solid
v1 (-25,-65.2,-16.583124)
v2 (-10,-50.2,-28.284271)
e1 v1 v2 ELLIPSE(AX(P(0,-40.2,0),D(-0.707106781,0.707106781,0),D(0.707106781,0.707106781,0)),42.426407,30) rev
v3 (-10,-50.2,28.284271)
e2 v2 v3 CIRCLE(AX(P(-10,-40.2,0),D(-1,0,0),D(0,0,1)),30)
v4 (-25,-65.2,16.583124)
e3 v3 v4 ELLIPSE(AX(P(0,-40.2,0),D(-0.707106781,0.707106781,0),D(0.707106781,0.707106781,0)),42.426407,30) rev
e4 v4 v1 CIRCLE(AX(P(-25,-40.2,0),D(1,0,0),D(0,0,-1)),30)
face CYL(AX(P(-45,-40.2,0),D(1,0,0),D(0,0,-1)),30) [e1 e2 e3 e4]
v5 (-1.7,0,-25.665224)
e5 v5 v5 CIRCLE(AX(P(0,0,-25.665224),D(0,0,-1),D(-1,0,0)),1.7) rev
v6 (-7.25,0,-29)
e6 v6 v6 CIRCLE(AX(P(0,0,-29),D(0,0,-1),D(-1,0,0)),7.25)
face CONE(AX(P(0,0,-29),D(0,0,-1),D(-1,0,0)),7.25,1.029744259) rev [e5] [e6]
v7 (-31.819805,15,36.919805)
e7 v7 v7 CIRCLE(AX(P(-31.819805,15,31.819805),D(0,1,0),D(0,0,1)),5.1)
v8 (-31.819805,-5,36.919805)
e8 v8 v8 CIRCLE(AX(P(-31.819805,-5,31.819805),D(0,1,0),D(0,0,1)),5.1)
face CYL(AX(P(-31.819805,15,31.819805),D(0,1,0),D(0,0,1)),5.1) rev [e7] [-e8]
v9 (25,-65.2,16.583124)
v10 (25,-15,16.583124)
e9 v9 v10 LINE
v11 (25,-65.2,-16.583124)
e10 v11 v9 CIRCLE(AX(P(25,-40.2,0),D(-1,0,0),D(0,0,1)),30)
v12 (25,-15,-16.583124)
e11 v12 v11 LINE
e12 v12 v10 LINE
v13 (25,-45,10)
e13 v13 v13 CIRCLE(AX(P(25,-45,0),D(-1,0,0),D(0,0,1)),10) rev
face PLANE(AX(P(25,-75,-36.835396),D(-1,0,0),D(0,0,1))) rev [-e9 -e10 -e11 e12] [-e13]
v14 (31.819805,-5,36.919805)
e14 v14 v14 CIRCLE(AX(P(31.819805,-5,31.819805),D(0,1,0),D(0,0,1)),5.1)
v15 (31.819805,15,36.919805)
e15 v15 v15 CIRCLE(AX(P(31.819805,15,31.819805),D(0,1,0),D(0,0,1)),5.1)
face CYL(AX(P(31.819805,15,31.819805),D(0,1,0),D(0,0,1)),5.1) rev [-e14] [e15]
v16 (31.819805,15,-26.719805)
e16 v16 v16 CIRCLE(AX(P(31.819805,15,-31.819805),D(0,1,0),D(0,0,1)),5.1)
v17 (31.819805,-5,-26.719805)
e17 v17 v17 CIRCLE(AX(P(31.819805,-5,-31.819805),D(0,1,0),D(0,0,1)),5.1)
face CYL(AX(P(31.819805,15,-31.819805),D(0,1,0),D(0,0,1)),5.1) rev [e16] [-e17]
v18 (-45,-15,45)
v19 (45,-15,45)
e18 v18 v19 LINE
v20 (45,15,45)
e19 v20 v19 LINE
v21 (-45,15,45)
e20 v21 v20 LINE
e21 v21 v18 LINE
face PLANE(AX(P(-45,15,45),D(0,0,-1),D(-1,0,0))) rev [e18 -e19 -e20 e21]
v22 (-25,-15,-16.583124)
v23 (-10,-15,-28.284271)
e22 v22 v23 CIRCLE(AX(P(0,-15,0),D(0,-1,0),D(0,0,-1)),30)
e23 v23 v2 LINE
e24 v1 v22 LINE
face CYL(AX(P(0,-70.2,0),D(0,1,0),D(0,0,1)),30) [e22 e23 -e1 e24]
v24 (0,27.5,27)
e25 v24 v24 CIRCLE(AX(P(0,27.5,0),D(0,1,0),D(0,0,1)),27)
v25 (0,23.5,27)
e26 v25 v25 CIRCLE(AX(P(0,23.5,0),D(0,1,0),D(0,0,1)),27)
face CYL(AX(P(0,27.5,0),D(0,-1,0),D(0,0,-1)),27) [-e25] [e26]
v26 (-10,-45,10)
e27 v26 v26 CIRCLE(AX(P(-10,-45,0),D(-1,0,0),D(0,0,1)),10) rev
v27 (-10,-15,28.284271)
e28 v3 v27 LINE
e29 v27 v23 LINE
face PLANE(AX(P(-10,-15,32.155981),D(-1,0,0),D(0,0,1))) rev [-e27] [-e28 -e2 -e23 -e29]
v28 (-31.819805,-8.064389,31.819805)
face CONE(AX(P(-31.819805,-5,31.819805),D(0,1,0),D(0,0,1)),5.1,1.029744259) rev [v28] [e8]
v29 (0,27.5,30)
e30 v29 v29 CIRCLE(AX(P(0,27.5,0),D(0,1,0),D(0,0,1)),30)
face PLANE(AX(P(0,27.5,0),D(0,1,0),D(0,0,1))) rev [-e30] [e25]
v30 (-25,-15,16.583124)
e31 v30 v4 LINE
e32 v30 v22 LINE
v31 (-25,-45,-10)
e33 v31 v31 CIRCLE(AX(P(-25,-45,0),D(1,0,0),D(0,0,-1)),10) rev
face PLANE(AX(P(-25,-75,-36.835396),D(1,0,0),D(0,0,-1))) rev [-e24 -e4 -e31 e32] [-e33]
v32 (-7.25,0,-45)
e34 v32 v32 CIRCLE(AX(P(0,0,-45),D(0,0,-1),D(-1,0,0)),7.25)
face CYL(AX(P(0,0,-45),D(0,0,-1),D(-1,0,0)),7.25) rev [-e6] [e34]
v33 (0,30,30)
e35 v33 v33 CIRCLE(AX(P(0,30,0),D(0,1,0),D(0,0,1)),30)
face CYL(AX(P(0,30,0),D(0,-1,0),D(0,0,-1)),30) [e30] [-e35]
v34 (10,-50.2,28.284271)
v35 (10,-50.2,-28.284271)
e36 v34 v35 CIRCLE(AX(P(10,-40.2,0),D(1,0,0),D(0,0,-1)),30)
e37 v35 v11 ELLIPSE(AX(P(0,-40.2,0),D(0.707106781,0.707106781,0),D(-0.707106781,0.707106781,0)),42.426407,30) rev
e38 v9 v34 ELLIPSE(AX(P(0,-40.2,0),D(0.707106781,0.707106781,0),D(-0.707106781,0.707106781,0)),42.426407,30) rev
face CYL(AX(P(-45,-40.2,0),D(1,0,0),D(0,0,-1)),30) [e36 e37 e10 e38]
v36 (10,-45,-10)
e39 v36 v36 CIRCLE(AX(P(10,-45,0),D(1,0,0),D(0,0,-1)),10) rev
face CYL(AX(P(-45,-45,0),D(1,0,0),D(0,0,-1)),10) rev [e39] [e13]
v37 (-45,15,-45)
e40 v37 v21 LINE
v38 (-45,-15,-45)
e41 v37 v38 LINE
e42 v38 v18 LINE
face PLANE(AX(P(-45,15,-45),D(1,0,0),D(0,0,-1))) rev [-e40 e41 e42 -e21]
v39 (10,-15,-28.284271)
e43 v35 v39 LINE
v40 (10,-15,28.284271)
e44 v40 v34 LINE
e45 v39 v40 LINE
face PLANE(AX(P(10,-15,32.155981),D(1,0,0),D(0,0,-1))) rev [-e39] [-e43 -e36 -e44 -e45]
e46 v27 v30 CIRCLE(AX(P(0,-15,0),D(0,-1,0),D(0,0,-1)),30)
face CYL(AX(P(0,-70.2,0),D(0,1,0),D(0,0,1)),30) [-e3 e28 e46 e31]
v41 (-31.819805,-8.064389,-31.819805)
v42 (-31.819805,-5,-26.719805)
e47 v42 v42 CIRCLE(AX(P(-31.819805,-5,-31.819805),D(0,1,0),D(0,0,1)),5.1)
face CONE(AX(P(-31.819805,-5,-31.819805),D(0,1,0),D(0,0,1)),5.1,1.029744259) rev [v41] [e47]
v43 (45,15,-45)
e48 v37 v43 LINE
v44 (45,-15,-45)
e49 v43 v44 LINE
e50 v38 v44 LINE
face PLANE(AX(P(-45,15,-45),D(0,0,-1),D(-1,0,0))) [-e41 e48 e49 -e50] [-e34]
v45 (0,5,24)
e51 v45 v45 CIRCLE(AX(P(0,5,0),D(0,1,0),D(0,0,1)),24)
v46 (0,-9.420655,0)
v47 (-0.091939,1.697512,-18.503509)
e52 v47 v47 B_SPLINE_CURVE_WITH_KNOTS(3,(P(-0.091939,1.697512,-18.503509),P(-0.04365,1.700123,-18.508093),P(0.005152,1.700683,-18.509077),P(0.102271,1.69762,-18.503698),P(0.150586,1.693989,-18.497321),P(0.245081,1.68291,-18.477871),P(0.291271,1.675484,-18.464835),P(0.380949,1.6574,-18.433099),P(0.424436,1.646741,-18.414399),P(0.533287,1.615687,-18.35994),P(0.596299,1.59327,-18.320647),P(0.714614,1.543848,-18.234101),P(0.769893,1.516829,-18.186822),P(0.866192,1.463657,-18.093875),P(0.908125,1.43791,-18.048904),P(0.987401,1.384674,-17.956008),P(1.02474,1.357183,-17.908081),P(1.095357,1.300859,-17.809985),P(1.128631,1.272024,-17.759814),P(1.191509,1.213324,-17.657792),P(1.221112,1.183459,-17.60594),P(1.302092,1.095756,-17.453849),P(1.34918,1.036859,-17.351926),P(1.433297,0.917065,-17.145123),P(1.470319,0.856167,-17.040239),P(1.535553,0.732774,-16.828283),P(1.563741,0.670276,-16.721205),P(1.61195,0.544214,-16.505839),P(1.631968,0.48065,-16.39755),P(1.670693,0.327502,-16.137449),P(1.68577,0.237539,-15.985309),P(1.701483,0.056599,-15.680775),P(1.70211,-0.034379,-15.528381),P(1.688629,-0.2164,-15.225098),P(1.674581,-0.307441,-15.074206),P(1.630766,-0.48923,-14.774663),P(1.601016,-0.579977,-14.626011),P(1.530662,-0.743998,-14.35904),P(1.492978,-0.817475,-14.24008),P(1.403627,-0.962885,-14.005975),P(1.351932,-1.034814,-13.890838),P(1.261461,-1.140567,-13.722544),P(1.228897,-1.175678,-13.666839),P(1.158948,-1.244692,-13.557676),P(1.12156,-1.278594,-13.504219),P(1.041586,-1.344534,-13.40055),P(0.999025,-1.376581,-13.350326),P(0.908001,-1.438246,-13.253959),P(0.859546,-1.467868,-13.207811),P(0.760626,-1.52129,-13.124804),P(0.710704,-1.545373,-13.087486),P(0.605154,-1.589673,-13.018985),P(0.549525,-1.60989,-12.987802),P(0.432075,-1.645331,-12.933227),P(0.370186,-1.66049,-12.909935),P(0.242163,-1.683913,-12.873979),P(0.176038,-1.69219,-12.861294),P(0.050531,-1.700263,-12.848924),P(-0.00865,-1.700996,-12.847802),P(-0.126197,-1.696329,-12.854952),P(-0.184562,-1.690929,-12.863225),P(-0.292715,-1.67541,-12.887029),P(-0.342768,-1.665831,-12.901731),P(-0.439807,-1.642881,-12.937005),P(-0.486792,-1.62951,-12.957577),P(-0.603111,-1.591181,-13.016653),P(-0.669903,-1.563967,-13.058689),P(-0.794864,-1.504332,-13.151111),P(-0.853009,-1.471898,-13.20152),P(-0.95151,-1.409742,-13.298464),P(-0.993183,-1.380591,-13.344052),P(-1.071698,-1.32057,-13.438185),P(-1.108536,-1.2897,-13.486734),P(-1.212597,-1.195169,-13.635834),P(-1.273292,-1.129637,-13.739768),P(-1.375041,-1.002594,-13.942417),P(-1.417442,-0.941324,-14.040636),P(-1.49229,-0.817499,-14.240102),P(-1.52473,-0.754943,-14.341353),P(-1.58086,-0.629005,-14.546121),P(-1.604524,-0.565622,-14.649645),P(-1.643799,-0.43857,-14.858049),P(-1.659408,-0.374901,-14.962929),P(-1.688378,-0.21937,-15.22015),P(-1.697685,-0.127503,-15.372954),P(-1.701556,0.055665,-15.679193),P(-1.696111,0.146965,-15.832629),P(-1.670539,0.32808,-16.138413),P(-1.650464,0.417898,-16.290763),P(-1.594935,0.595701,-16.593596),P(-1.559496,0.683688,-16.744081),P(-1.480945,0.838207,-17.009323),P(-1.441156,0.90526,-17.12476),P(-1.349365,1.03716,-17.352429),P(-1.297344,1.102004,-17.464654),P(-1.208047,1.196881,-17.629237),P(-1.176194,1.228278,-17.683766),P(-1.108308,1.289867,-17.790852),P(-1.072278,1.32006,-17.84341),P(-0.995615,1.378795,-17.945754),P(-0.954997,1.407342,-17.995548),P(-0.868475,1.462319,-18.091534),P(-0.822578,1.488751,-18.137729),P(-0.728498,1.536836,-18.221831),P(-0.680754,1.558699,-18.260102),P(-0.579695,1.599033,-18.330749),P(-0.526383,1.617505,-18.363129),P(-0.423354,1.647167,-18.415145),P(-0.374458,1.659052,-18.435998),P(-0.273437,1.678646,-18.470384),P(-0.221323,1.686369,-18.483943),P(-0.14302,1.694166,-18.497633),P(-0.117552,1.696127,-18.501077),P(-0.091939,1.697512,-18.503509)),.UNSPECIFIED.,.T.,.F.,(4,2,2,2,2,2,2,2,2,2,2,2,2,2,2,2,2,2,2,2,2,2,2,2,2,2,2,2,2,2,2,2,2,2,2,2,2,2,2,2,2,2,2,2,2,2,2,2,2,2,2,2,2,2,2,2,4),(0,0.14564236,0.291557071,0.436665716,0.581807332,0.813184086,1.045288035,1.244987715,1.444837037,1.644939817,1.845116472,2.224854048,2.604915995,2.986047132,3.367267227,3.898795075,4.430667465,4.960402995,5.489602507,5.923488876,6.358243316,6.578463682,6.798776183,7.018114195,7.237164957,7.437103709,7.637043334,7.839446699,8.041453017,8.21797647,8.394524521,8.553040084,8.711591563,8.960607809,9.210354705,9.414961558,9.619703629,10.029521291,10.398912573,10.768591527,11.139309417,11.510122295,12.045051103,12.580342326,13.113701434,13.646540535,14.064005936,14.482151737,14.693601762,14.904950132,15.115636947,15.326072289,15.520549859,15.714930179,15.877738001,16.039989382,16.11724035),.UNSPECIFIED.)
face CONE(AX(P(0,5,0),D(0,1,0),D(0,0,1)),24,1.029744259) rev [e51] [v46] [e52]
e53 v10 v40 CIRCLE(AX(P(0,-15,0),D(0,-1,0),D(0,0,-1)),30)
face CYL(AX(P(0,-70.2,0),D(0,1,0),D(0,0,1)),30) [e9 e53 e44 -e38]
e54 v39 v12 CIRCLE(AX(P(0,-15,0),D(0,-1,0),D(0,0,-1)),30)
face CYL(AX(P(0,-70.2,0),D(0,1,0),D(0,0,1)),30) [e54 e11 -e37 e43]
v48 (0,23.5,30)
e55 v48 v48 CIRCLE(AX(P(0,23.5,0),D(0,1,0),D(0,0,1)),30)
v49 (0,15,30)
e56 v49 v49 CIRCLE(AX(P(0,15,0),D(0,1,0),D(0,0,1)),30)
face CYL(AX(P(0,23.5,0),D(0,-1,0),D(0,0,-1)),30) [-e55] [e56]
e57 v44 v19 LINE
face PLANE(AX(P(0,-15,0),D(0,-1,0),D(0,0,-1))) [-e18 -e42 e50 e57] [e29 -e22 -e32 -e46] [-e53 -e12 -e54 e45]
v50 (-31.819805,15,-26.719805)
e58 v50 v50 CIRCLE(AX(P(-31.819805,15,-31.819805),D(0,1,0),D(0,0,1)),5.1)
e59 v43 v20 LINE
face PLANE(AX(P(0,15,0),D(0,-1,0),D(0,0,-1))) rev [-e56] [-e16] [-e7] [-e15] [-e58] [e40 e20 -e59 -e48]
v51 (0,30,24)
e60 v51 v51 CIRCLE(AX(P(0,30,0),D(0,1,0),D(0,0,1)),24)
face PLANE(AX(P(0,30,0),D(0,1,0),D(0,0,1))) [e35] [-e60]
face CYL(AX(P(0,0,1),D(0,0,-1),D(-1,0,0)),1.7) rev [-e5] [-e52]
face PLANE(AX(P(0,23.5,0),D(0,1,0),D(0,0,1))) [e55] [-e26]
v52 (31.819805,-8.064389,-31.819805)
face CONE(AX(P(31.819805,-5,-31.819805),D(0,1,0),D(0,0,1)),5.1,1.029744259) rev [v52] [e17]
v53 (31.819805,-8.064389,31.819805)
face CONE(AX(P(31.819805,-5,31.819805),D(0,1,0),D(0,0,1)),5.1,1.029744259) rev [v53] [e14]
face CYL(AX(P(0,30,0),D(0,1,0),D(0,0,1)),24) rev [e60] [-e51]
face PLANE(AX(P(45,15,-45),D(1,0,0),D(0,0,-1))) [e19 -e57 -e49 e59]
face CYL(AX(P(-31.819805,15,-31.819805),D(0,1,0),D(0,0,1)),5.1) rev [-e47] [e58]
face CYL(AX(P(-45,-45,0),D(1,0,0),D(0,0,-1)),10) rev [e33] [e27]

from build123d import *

# Parameters (mm, degrees)
SKETCH1_W                          = 90
SKETCH1_H                          = 90
BOSS_EXTRUDE1_DEPTH                = 15
SKETCH2_R                          = 30
BOSS_EXTRUDE2_DEPTH                = 8.5
SKETCH3_R                          = 27
BOSS_EXTRUDE3_DEPTH                = 4
SKETCH4_R                          = 30
BOSS_EXTRUDE4_DEPTH                = 2.5
SKETCH5_R                          = 30
BOSS_EXTRUDE5_DEPTH                = 55.2
SKETCH6_R                          = 10
CUT_EXTRUDE1_DEPTH                 = 46
CUT_EXTRUDE1_DEPTH_BACK            = 46
SKETCH7_W                          = 20
SKETCH7_H                          = 64.311961004
CUT_EXTRUDE2_DEPTH                 = 55.2
SKETCH8_OUTSIDE_W                  = 124.398
SKETCH8_OUTSIDE_H                  = 124.398
SKETCH8_OUTSIDE_W_2                = 50
SKETCH8_OUTSIDE_H_2                = 73.670791152
CUT_EXTRUDE3_DEPTH                 = 60
CUT_EXTRUDE5_DEPTH                 = 21
CUT_EXTRUDE5_DEPTH_BACK            = 71
TAP_DRILL_FOR_M1_2X0_25_TAP1_D     = 48
TAP_DRILL_FOR_M1_2X0_25_TAP1_DEPTH = 25
TAP_DRILL_FOR_M1_2X0_25_TAP1_TIP   = 14.420654857
CIRPATTERN1_COUNT                  = 4
M16X1_5_TAPPED_HOLE1_D             = 14.5
M16X1_5_TAPPED_HOLE1_DEPTH         = 16
M16X1_5_TAPPED_HOLE1_TIP           = 4.356239488
SKETCH18_R                         = 1.7
CUT_EXTRUDE6_DEPTH                 = 46


with BuildPart() as part:
    # Sketch1 → Boss-Extrude1 (new body, symmetric)
    with BuildSketch(Plane(origin=(0, 0, 0), x_dir=(1, 0, 0), z_dir=(0, 1, 0))):
        Rectangle(SKETCH1_W, SKETCH1_H)
    extrude(amount=BOSS_EXTRUDE1_DEPTH, both=True)

    # Sketch2 → Boss-Extrude2 (add)
    with BuildSketch(Plane(origin=(0, 15, 0), x_dir=(1, 0, 0), z_dir=(0, 1, 0))):
        Circle(SKETCH2_R)
    extrude(amount=BOSS_EXTRUDE2_DEPTH)

    # Sketch3 → Boss-Extrude3 (add)
    with BuildSketch(Plane(origin=(0, 23.5, 0), x_dir=(1, 0, 0), z_dir=(0, 1, 0))):
        Circle(SKETCH3_R)
    extrude(amount=BOSS_EXTRUDE3_DEPTH)

    # Sketch4 → Boss-Extrude4 (add)
    with BuildSketch(Plane(origin=(0, 27.5, 0), x_dir=(1, 0, 0), z_dir=(0, 1, 0))):
        Circle(SKETCH4_R)
    extrude(amount=BOSS_EXTRUDE4_DEPTH)

    # Sketch5 → Boss-Extrude5 (add)
    with BuildSketch(Plane(origin=(0, -15, 0), x_dir=(-1, 0, 0), z_dir=(0, -1, 0))):
        Circle(SKETCH5_R)
    extrude(amount=BOSS_EXTRUDE5_DEPTH)

    # Sketch6 → Cut-Extrude1 (cut, two sides)
    with BuildSketch(Plane(origin=(0, 0, 0), x_dir=(0, 0, -1), z_dir=(1, 0, 0))) as cut_extrude1_sk:
        with Locations((0, -45)):
            Circle(SKETCH6_R)
    extrude(amount=CUT_EXTRUDE1_DEPTH, mode=Mode.SUBTRACT)
    extrude(cut_extrude1_sk.sketch, amount=-CUT_EXTRUDE1_DEPTH_BACK, mode=Mode.SUBTRACT)

    # Sketch7 → Cut-Extrude2 (cut)
    with BuildSketch(Plane(origin=(0, -70.2, 0), x_dir=(-1, 0, 0), z_dir=(0, -1, 0))):
        Rectangle(SKETCH7_W, SKETCH7_H)
    extrude(amount=-CUT_EXTRUDE2_DEPTH, mode=Mode.SUBTRACT)

    # Sketch8 outside → Cut-Extrude3 (cut)
    with BuildSketch(Plane(origin=(0, -15, 0), x_dir=(-1, 0, 0), z_dir=(0, -1, 0))):
        Rectangle(SKETCH8_OUTSIDE_W, SKETCH8_OUTSIDE_H)
        Rectangle(SKETCH8_OUTSIDE_W_2, SKETCH8_OUTSIDE_H_2, mode=Mode.SUBTRACT)
    extrude(amount=CUT_EXTRUDE3_DEPTH, mode=Mode.SUBTRACT)

    # Sketch10 → Cut-Extrude5 (cut, two sides)
    with BuildSketch(Plane(origin=(25, 0, 0), x_dir=(0, 0, -1), z_dir=(1, 0, 0))) as cut_extrude5_sk:
        with BuildLine():
            Line((28.284271247, -82.924550927), (-28.284271247, -82.924550927))
            Line((-28.284271247, -82.924550927), (-28.284271247, -50.2))
            ThreePointArc((-28.284271247, -50.2), (-17.320508076, -64.694897428), (0, -70.2))
            ThreePointArc((0, -70.2), (17.320508076, -64.694897428), (28.284271247, -50.2))
            Line((28.284271247, -50.2), (28.284271247, -82.924550927))
        make_face()
    extrude(amount=CUT_EXTRUDE5_DEPTH, mode=Mode.SUBTRACT)
    extrude(cut_extrude5_sk.sketch, amount=-CUT_EXTRUDE5_DEPTH_BACK, mode=Mode.SUBTRACT)

    # Tap Drill for M1.2x0.25 Tap1
    with Locations(Plane.ZX.offset(30)):
        with Locations((0, 0)):
            Hole(TAP_DRILL_FOR_M1_2X0_25_TAP1_D / 2, depth=TAP_DRILL_FOR_M1_2X0_25_TAP1_DEPTH)
            with Locations((0, 0, -(TAP_DRILL_FOR_M1_2X0_25_TAP1_DEPTH + TAP_DRILL_FOR_M1_2X0_25_TAP1_TIP / 2))):  # 118° drill point
                Cone(0, TAP_DRILL_FOR_M1_2X0_25_TAP1_D / 2, TAP_DRILL_FOR_M1_2X0_25_TAP1_TIP, mode=Mode.SUBTRACT)

    # Sketch15 → M12 Tapped Hole1 (revolve, cut)
    with BuildSketch(Plane(origin=(31.819805153, 15, -31.819805153), x_dir=(0, 0, 1), z_dir=(1, 0, 0))):
        Polygon((0, 0), (0, 23.064389157), (5.1, 20), (5.1, 0), align=None)
    m12_tapped_hole1 = revolve(axis=Axis((31.819805153, 21.35, -31.819805153), (0, -1, 0)), mode=Mode.SUBTRACT)

    # CirPattern1: M12 Tapped Hole1 ×4 about axis
    cirpattern1_axis = Axis((0, 0, 0), (0, 1, 0))
    for i in range(1, CIRPATTERN1_COUNT):
        add(m12_tapped_hole1.rotate(cirpattern1_axis, i * 360 / CIRPATTERN1_COUNT), mode=Mode.SUBTRACT)

    # M16x1.5 Tapped Hole1
    with Locations(Plane(origin=(0, 0, -45), x_dir=(-1, 0, 0), z_dir=(0, 0, -1))):
        with Locations((0, 0)):
            Hole(M16X1_5_TAPPED_HOLE1_D / 2, depth=M16X1_5_TAPPED_HOLE1_DEPTH)
            with Locations((0, 0, -(M16X1_5_TAPPED_HOLE1_DEPTH + M16X1_5_TAPPED_HOLE1_TIP / 2))):  # 118° drill point
                Cone(0, M16X1_5_TAPPED_HOLE1_D / 2, M16X1_5_TAPPED_HOLE1_TIP, mode=Mode.SUBTRACT)

    # Sketch18 → Cut-Extrude6 (cut)
    with BuildSketch(Plane(origin=(0, 0, -45), x_dir=(-1, 0, 0), z_dir=(0, 0, -1))):
        Circle(SKETCH18_R)
    extrude(amount=-CUT_EXTRUDE6_DEPTH, mode=Mode.SUBTRACT)


solid = part.part
